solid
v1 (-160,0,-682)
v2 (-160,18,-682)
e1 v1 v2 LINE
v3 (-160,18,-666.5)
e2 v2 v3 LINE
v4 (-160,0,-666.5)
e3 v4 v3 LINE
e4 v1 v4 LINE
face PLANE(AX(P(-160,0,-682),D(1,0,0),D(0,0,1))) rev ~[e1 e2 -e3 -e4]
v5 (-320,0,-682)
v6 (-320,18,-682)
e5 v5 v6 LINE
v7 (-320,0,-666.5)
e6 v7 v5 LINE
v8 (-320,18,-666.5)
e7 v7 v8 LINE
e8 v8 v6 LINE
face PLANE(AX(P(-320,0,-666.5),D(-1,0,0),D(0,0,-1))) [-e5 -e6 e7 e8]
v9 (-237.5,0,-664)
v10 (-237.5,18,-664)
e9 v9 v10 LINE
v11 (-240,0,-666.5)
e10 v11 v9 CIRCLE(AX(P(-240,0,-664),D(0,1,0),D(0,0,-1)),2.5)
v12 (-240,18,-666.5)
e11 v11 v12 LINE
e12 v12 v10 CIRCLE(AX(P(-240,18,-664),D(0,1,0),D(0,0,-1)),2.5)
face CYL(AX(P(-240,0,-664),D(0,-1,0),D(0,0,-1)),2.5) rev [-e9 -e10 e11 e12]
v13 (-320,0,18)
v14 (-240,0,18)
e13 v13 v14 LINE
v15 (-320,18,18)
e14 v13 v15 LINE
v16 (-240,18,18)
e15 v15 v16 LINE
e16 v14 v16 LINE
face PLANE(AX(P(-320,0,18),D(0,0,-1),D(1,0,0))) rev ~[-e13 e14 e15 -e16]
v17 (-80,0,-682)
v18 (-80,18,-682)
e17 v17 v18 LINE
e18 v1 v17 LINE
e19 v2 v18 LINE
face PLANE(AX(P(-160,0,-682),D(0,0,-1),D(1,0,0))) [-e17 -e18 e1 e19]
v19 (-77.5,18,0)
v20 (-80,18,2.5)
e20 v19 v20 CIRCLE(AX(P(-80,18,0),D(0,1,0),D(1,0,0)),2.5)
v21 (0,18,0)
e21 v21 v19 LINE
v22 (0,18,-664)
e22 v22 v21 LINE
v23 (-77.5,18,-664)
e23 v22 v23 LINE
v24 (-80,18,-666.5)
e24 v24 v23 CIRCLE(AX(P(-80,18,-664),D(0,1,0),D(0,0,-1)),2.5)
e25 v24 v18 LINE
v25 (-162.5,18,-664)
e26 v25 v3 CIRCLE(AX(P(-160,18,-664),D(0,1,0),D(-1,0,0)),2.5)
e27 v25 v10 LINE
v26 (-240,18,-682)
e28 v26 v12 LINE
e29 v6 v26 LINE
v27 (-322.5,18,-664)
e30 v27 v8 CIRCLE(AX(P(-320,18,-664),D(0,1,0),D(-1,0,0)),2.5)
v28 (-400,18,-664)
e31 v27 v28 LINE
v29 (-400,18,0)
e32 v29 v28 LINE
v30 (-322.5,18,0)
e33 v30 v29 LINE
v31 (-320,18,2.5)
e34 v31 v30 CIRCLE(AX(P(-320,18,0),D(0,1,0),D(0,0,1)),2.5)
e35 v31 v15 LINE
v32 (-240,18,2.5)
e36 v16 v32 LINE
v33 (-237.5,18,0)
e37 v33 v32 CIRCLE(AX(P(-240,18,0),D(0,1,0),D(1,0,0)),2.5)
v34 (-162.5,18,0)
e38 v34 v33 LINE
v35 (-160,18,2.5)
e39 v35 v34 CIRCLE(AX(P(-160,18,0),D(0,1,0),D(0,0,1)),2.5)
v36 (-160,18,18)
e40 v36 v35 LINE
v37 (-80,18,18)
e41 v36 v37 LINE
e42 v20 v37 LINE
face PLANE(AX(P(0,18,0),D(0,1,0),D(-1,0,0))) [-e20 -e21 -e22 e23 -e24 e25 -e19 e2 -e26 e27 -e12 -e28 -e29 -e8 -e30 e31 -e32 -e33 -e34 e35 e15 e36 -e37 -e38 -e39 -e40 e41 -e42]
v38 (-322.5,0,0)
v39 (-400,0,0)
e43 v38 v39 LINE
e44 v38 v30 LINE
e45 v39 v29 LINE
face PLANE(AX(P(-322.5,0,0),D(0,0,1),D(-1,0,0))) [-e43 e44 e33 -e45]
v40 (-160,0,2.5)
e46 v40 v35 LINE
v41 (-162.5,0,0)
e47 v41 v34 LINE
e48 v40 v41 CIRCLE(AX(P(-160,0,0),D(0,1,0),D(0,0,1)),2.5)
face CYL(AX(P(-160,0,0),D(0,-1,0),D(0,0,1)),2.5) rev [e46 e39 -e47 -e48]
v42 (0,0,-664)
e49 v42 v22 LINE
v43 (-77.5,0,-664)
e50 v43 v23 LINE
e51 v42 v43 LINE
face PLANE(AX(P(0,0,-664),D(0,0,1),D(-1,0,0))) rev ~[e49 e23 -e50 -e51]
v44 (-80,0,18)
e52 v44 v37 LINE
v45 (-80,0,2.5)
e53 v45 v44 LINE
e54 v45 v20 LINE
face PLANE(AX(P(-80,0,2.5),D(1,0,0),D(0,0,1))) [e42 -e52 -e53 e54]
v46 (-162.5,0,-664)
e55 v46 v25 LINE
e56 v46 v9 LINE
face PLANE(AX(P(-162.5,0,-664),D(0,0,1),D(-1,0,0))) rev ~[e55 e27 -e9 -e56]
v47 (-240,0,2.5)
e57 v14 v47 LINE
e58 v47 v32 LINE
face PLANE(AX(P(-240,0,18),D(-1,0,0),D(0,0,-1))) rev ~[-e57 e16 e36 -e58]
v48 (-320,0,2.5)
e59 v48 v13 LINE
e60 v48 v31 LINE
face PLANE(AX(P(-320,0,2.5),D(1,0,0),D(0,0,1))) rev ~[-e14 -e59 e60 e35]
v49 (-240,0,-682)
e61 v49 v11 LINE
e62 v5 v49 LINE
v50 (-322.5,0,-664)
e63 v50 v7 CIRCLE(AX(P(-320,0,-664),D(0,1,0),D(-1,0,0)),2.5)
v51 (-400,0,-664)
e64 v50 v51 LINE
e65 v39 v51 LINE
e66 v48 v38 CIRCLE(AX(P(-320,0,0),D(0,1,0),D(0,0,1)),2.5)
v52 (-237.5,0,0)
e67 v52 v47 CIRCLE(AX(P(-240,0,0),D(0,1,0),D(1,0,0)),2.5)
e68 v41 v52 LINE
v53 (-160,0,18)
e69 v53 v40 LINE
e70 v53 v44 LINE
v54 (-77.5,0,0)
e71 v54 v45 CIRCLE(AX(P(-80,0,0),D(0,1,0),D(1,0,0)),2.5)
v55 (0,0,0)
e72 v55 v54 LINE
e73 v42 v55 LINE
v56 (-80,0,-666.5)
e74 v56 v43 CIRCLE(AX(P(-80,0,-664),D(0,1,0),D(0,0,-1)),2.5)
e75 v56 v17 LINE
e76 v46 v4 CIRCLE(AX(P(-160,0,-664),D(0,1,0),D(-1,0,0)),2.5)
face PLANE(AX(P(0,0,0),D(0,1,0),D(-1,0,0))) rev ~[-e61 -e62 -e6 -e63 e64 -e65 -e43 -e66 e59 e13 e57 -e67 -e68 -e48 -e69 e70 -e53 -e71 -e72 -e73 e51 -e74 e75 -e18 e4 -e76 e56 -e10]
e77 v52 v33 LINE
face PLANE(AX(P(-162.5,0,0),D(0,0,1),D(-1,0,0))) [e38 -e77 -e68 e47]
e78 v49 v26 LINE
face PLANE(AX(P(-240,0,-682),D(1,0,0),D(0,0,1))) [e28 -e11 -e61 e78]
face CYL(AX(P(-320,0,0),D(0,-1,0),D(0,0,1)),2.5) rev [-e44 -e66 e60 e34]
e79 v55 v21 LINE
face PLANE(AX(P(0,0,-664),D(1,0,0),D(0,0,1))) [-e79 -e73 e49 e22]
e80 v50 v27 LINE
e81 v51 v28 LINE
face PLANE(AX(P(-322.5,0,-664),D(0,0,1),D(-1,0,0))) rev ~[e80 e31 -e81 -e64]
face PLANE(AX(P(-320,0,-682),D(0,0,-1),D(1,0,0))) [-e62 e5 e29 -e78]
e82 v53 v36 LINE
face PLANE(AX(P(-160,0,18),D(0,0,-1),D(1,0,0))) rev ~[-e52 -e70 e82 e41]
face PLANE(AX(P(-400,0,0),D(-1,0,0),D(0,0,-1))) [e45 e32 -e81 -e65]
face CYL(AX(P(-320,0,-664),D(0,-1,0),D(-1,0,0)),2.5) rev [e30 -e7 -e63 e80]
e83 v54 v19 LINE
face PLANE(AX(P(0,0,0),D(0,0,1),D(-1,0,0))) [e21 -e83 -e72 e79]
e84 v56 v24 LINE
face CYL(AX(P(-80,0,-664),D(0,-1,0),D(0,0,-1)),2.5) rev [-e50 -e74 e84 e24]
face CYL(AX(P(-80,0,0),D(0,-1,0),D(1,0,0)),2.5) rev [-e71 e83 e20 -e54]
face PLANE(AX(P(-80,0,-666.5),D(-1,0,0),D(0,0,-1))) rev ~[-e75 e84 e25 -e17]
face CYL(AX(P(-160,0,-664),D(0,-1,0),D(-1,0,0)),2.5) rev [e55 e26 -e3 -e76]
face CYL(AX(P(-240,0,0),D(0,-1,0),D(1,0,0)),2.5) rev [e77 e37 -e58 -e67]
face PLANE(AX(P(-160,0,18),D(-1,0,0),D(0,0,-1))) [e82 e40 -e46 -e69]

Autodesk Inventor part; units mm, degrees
ref_plane "YZ Plane" through (0, 0, 0) normal (1, 0, 0) x (0, 1, 0)
ref_plane "XZ Plane" through (0, 0, 0) normal (0, 1, 0) x (-1, 0, 0)
ref_plane "XY Plane" through (0, 0, 0) normal (0, 0, 1) x (1, 0, 0)
sketch "Sketch1" plane through (0, 0, 0) normal (0, 1, 0) x (-1, 0, 0)
  line L0 (400, 0) -> (400, -664)
  line L1 (0, -664) -> (0, 0)
  line L2 (320, 2.5) -> (320, 18)
  line L3 (80, 2.5) -> (80, 18)
  line L4 (320, 18) -> (240, 18)
  line L5 (160, 18) -> (80, 18)
  line L6 (322.5, 0) -> (400, 0)
  line L7 (0, 0) -> (77.5, 0)
  line L8 (162.5, 0) -> (237.5, 0)
  arc A0 (320, 2.5) -> (322.5, 0) centre (320, 0) ccw
  arc A1 (237.5, 0) -> (240, 2.5) centre (240, 0) ccw
  arc A2 (160, 2.5) -> (162.5, 0) centre (160, 0) ccw
  arc A3 (77.5, 0) -> (80, 2.5) centre (80, 0) ccw
  line L9 (240, 18) -> (240, 2.5)
  line L10 (160, 18) -> (160, 2.5)
  line L11 (320, -666.5) -> (320, -682)
  line L12 (80, -666.5) -> (80, -682)
  line L13 (320, -682) -> (240, -682)
  line L14 (160, -682) -> (80, -682)
  line L15 (322.5, -664) -> (400, -664)
  line L16 (0, -664) -> (77.5, -664)
  line L17 (162.5, -664) -> (237.5, -664)
  arc A4 (322.5, -664) -> (320, -666.5) centre (320, -664) ccw
  arc A5 (240, -666.5) -> (237.5, -664) centre (240, -664) ccw
  arc A6 (162.5, -664) -> (160, -666.5) centre (160, -664) ccw
  arc A7 (80, -666.5) -> (77.5, -664) centre (80, -664) ccw
  line L18 (240, -682) -> (240, -666.5)
  line L19 (160, -682) -> (160, -666.5)
  dimension "d4" = 80
  dimension "d13" = 18
  dimension "d20" = 5
  dimension "d21" = 5
  dimension "d22" = 5
  dimension "d23" = 5
  dimension "d28" = 80
  dimension "d29" = 18
  dimension "d30" = 80
  dimension "d31" = 18
  dimension "d33" = 80
  dimension "d34" = 18
  dimension "d36" = 18
  dimension "d37" = 664
extrude "Extrusion1" add sketch "Sketch1" along normal blind 18
properties part number "repisaa"
